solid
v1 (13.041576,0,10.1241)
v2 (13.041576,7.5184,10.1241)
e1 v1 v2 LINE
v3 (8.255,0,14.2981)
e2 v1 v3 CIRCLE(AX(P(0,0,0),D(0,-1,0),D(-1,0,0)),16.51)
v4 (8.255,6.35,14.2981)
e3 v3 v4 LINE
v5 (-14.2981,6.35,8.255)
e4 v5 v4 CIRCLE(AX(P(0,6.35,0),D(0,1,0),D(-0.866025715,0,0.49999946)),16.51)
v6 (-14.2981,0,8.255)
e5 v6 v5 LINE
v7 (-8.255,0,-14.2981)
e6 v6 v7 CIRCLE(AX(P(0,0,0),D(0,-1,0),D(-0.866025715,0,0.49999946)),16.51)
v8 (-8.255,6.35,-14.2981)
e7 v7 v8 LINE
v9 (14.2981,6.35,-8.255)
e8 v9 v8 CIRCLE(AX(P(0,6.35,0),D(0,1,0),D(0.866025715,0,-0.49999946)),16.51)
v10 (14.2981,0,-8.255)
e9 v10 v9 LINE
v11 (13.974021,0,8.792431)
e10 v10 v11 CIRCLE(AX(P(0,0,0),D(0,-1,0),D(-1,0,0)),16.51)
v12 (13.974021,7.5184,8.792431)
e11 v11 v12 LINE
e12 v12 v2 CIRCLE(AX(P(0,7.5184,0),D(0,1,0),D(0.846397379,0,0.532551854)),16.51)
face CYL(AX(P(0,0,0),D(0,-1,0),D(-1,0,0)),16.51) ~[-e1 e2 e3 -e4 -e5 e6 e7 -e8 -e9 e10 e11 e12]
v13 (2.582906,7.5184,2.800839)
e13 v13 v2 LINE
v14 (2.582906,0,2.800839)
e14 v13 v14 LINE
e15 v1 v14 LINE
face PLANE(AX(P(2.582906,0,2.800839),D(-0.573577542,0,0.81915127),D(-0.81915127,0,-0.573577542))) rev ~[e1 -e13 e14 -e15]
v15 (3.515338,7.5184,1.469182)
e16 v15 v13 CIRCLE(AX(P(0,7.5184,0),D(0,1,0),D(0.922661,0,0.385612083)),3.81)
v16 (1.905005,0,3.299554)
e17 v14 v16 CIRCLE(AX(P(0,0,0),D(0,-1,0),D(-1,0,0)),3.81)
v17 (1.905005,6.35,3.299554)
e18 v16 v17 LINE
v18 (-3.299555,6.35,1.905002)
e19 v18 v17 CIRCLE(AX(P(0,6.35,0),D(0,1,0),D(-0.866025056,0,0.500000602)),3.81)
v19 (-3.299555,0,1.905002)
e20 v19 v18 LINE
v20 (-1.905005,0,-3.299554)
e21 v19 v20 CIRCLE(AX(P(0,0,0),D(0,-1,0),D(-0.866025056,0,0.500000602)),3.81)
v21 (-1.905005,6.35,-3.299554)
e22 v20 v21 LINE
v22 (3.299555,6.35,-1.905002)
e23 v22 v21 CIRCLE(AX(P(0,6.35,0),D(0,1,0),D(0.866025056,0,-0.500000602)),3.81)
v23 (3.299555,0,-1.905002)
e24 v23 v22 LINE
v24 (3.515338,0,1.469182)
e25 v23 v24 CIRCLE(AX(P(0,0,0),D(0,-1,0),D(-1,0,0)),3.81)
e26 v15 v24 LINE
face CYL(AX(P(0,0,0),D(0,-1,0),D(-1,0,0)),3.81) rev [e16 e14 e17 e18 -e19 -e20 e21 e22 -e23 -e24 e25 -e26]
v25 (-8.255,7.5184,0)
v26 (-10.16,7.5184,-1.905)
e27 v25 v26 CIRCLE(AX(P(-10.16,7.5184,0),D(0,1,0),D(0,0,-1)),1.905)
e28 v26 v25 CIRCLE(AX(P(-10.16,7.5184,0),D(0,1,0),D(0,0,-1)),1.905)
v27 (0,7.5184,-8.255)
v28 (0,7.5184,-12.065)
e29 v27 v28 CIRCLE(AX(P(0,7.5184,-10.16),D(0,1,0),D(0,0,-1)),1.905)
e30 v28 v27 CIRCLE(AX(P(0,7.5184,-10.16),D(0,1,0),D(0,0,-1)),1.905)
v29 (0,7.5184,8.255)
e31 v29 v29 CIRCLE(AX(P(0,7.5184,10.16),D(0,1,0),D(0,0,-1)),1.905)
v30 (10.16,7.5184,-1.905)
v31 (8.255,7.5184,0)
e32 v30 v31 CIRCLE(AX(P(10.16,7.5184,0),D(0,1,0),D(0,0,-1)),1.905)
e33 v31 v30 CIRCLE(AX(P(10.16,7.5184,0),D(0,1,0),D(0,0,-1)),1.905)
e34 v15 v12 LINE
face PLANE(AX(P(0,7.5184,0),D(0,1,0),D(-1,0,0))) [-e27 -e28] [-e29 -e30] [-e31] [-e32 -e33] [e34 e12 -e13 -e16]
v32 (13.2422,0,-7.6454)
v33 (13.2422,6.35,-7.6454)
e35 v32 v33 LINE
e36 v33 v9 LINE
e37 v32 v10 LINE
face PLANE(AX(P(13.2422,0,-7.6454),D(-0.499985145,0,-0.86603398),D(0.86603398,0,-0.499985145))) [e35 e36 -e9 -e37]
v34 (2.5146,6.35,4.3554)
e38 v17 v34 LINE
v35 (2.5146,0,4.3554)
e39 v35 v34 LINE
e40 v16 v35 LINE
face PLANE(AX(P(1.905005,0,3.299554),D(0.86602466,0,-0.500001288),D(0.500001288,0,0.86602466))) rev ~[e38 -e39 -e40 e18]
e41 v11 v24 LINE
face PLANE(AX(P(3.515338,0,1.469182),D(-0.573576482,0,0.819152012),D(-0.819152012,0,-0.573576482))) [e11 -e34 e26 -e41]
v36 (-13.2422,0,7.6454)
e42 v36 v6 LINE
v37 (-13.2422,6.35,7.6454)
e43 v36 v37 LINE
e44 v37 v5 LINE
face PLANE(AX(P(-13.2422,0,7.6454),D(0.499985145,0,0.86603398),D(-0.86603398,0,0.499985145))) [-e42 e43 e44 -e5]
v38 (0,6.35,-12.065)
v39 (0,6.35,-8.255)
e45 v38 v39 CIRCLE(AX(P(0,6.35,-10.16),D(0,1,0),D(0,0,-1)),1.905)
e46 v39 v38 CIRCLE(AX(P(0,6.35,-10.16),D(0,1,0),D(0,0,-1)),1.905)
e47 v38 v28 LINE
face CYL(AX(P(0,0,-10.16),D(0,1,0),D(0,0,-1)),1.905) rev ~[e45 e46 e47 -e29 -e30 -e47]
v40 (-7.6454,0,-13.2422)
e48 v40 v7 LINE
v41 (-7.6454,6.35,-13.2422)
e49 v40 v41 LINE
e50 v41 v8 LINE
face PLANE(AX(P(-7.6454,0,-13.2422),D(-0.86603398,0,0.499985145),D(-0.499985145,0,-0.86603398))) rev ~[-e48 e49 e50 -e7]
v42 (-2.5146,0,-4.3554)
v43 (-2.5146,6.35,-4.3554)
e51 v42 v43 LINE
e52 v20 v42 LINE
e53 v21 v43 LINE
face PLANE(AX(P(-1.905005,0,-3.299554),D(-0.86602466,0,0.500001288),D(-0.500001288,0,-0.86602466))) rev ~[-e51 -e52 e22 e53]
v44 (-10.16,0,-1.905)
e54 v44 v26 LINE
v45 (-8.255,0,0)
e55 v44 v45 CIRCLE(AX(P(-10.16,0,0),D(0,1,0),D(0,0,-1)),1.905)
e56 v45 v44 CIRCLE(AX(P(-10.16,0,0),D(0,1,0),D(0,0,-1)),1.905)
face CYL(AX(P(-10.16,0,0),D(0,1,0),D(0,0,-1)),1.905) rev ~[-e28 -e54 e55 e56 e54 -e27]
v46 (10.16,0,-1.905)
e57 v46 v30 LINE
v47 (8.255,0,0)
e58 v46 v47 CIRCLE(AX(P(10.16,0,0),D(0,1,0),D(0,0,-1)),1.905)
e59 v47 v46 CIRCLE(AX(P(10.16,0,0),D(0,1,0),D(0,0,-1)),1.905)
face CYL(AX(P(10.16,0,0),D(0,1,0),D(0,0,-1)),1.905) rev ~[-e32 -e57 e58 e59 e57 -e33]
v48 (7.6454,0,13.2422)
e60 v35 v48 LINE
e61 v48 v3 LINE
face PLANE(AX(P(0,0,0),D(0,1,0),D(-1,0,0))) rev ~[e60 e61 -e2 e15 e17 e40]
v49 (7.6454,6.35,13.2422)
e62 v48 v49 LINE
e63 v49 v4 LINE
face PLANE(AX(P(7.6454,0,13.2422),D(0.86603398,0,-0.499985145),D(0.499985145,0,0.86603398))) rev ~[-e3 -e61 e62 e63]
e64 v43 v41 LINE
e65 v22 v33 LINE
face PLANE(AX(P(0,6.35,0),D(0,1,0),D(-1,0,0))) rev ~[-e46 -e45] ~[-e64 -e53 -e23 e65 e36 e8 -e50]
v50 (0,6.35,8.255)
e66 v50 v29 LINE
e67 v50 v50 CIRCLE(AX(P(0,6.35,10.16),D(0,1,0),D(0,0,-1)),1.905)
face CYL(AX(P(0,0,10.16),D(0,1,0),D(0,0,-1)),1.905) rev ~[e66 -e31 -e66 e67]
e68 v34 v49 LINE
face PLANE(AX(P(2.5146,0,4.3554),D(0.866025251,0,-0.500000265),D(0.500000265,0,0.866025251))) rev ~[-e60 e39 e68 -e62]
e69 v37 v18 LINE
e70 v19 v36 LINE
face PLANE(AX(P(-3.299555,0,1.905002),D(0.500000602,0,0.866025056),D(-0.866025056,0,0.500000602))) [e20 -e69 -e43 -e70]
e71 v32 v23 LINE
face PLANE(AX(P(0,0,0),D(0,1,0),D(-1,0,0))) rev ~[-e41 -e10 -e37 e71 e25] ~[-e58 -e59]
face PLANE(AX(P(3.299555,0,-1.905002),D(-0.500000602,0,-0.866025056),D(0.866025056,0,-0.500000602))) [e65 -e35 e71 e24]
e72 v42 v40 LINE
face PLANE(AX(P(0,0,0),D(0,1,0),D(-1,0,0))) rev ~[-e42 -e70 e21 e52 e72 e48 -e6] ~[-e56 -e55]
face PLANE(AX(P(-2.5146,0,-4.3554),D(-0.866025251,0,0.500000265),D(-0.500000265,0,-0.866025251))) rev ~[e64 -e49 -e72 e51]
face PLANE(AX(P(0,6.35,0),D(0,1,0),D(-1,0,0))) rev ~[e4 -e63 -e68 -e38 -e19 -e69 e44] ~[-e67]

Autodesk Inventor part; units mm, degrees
ref_plane "YZ Plane" through (0, 0, 0) normal (1, 0, 0) x (0, 1, 0)
ref_plane "XZ Plane" through (0, 0, 0) normal (0, 1, 0) x (-1, 0, 0)
ref_plane "XY Plane" through (0, 0, 0) normal (0, 0, 1) x (1, 0, 0)
sketch "Sketch1" plane through (0, 0, 0) normal (0, 1, 0) x (-1, 0, 0)
  circle A0 centre (0, 0) radius 3.81
  circle A1 centre (0, 0) radius 16.51
  line L0 (0, 0) -> (10.16, 0)
  line L1 (0, 0) -> (-10.16, 0)
  circle A2 centre (10.16, 0) radius 1.524
  circle A3 centre (-10.16, 0) radius 1.524
  circle A4 centre (0, 0) radius 5.0292
  circle A5 centre (0, 0) radius 15.2908
  line L2 (0, 0) -> (0, 10.16)
  circle A6 centre (0, 10.16) radius 2.3812
  line L3 (0, 0) -> (2.5146, 4.3554)
  line L4 (0, 0) -> (5.0292, 0) construction
  line L5 (2.5146, 4.3554) -> (7.6454, 13.2422)
  line L6 (0, 0) -> (-2.5146, 4.3554)
  line L7 (-2.5146, 4.3554) -> (-7.6454, 13.2422)
  line L8 (0, 0) -> (2.5146, -4.3554)
  line L9 (2.5146, -4.3554) -> (7.6454, -13.2422)
  line L10 (0, 0) -> (-2.5146, -4.3554)
  line L11 (-2.5146, -4.3554) -> (-7.6454, -13.2422)
  line L12 (0.4064, 16.8443) -> (-0.4064, 16.8443)
  line L13 (-0.4064, 16.8443) -> (-0.4064, 15.0672)
  line L14 (-0.4064, 15.0672) -> (0.4064, 15.0672)
  line L15 (0.4064, 15.0672) -> (0.4064, 16.8443)
  line L16 (0.4064, 16.8443) -> (-0.4064, 15.0672) construction
  line L17 (-0.4064, 16.8443) -> (0.4064, 15.0672) construction
  line L18 (0.4064, -15.0362) -> (-0.4064, -15.0362)
  line L19 (-0.4064, -15.0362) -> (-0.4064, -16.8142)
  line L20 (-0.4064, -16.8142) -> (0.4064, -16.8142)
  line L21 (0.4064, -16.8142) -> (0.4064, -15.0362)
  line L22 (0.4064, -15.0362) -> (-0.4064, -16.8142) construction
  line L23 (-0.4064, -15.0362) -> (0.4064, -16.8142) construction
  circle A7 centre (0, 10.16) radius 1.524
  line L24 (0, 0) -> (0, -10.16)
  circle A8 centre (0, -10.16) radius 1.524
  circle A9 centre (0, 0) radius 0.7937
  line L25 (0, 0) -> (-13.5242, 9.4697)
  line L26 (0, 0) -> (16.51, 0) construction
  line L27 (-13.9904, 8.8039) -> (-0.408, -0.7066)
  line L28 (-13.058, 10.1356) -> (0.2563, 0.8128)
  line L29 (16.49, 0.8128) -> (16.51, 0.8128)
  line L30 (16.49, -0.8128) -> (16.51, -0.8128)
  line L31 (0, 0) -> (-0.408, -0.7066)
  line L32 (0.2563, 0.8128) -> (0.408, 0.7066)
  line L33 (0, 0) -> (0.408, 0.7066)
  line L34 (-13.058, 10.1356) -> (-13.9904, 8.8039)
  line L35 (0.408, 0.7066) -> (-0.408, -0.7066)
  line L36 (-7.6454, 13.2422) -> (-8.255, 14.2981)
  line L37 (7.6454, 13.2422) -> (8.255, 14.2981)
  line L38 (-7.6454, -13.2422) -> (-8.255, -14.2981)
  line L39 (7.6454, -13.2422) -> (8.255, -14.2981)
  line L40 (0, 0) -> (13.2422, 7.6454)
  line L41 (13.2422, 7.6454) -> (14.2981, 8.255)
  line L42 (0, 0) -> (-13.2422, -7.6454)
  line L43 (-13.2422, -7.6454) -> (-14.2981, -8.255)
  point P0 (0, 15.9557)
  point P1 (0, -15.9252)
  point P2 (-13.974, 8.7925)
  point P3 (-1.4171, 0)
  point P4 (-0.7937, 0)
  point P5 (-0.3969, 0.6874)
  point P6 (-0.9616, 1.6656)
  point P7 (-13.0416, 10.1241)
  point P8 (1.905, 3.2996)
  point P9 (-1.905, 3.2996)
  point P10 (1.905, -3.2996)
  point P11 (-1.905, -3.2996)
  point P12 (4.3554, 2.5146)
  point P13 (-4.3554, -2.5146)
  point P14 (3.2996, 1.905)
  point P15 (-3.2996, -1.905)
  dimension "d1" = 33.02
  dimension "d0" = 7.62
  dimension "d2" = 10.16
  dimension "d3" = 10.16
  dimension "d4" = 3.048
  dimension "d5" = 3.048
  dimension "d8" = 10.0584
  dimension "d9" = 30.5816
  dimension "d10" = 10.16
  dimension "d11" = 4.7625
  dimension "d12" = 60
  dimension "d17" = 0.8128
  dimension "d18" = 0.8128
  dimension "d19" = 1.778
  dimension "d24" = 3.048
  dimension "d25" = 10.16
  dimension "d26" = 3.048
  dimension "d41" = 1.5875
  dimension "d42" = 145
  dimension "d43" = 0.8128
  dimension "d44" = 0.8128
extrude "Extrusion1" add sketch "Sketch1" along normal blind 7.5184 contours L0 A4 L8 A0 | A0 L40 A4 L0 | A0 L3 A4 L40 | L8 A4 L24 A0 | A2 | A4 L40 A5 L9 | A0 L2 A4 L3 | A4 L5 A5 L40 | L24 A4 L10 A0 | A8 | L9 A5 L21 L18 L19 L11 A4 | A0 L6 A4 L2 | A7 | A6 | A4 L7 A5 L13 L14 L15 L5 | L41 A1 L39 A5 | A5 L37 A1 L41 | L10 A4 L42 A0 | L39 A1 L21 A5 | A0 L28 A4 L6 | A5 L15 A1 L37 | L42 A4 L1 A0 | L11 A5 L42 A4 | L21 A1 L19 A5 | A5 L19 L18 L21 | L25 A4 L28 A0 | A0 L27 A4 L25 | A4 L28 A5 L7 | L15 L14 L13 A5 | A5 L13 A1 L15 | L1 A4 L27 A0 | A3 | L42 A5 L27 A4 | L38 A1 L43 A5 | A5 L19 A1 L38 | L25 A5 L28 A4 | A4 L27 A5 L25 | L36 A1 L13 A5 | A5 L28 A1 L36 | L43 A1 L27 A5 | L25 A1 L28 A5 | A5 L27 A1 L25
extrude "Extrusion2" cut sketch "Sketch1" along normal blind 6.35 contours A0 L3 A4 L40 | A0 L2 A4 L3 | A4 L5 A5 L40 | A0 L6 A4 L2 | A7 | A6 | A4 L7 A5 L13 L14 L15 L5 | A5 L37 A1 L41 | A5 L15 A1 L37 | L15 L14 L13 A5 | A5 L13 A1 L15 | L36 A1 L13 A5
extrude "Extrusion3" cut sketch "Sketch1" along normal blind 6.35 contours L8 A4 L24 A0 | L24 A4 L10 A0 | A8 | L9 A5 L21 L18 L19 L11 A4 | L10 A4 L42 A0 | L39 A1 L21 A5 | L11 A5 L42 A4 | L21 A1 L19 A5 | A5 L19 L18 L21 | L38 A1 L43 A5 | A5 L19 A1 L38
extrude "Extrusion6" cut sketch "Sketch1" along normal blind 7.5184 contours L1 L27 A0 L25 A9 | A9 L25 A0 L28 L6 | L25 A4 L28 A0 | A0 L27 A4 L25 | L25 A5 L28 A4 | A4 L27 A5 L25 | L25 A1 L28 A5 | A5 L27 A1 L25
hole "Hole3" at (10.16, 0, 0) direction (0, 1, 0) diameter 3.81 end through all clearance for "Flat Head Machine Screw (82)" size "#6" standard "Ansi Unified Screw Threads"
hole "Hole4" at (-10.16, 0, 0) direction (0, 1, 0) diameter 3.81 end through all clearance for "Flat Head Machine Screw (82)" size "#6" standard "Ansi Unified Screw Threads"
hole "Hole5" at (0, 0, -10.16) direction (0, 1, 0) diameter 3.81 end through all clearance for "Flat Head Machine Screw (82)" size "#6" standard "Ansi Unified Screw Threads"
hole "Hole6" at (0, 0, 10.16) direction (0, 1, 0) diameter 3.81 end through all clearance for "Flat Head Machine Screw (82)" size "#6" standard "Ansi Unified Screw Threads"
properties part number "tab3"
